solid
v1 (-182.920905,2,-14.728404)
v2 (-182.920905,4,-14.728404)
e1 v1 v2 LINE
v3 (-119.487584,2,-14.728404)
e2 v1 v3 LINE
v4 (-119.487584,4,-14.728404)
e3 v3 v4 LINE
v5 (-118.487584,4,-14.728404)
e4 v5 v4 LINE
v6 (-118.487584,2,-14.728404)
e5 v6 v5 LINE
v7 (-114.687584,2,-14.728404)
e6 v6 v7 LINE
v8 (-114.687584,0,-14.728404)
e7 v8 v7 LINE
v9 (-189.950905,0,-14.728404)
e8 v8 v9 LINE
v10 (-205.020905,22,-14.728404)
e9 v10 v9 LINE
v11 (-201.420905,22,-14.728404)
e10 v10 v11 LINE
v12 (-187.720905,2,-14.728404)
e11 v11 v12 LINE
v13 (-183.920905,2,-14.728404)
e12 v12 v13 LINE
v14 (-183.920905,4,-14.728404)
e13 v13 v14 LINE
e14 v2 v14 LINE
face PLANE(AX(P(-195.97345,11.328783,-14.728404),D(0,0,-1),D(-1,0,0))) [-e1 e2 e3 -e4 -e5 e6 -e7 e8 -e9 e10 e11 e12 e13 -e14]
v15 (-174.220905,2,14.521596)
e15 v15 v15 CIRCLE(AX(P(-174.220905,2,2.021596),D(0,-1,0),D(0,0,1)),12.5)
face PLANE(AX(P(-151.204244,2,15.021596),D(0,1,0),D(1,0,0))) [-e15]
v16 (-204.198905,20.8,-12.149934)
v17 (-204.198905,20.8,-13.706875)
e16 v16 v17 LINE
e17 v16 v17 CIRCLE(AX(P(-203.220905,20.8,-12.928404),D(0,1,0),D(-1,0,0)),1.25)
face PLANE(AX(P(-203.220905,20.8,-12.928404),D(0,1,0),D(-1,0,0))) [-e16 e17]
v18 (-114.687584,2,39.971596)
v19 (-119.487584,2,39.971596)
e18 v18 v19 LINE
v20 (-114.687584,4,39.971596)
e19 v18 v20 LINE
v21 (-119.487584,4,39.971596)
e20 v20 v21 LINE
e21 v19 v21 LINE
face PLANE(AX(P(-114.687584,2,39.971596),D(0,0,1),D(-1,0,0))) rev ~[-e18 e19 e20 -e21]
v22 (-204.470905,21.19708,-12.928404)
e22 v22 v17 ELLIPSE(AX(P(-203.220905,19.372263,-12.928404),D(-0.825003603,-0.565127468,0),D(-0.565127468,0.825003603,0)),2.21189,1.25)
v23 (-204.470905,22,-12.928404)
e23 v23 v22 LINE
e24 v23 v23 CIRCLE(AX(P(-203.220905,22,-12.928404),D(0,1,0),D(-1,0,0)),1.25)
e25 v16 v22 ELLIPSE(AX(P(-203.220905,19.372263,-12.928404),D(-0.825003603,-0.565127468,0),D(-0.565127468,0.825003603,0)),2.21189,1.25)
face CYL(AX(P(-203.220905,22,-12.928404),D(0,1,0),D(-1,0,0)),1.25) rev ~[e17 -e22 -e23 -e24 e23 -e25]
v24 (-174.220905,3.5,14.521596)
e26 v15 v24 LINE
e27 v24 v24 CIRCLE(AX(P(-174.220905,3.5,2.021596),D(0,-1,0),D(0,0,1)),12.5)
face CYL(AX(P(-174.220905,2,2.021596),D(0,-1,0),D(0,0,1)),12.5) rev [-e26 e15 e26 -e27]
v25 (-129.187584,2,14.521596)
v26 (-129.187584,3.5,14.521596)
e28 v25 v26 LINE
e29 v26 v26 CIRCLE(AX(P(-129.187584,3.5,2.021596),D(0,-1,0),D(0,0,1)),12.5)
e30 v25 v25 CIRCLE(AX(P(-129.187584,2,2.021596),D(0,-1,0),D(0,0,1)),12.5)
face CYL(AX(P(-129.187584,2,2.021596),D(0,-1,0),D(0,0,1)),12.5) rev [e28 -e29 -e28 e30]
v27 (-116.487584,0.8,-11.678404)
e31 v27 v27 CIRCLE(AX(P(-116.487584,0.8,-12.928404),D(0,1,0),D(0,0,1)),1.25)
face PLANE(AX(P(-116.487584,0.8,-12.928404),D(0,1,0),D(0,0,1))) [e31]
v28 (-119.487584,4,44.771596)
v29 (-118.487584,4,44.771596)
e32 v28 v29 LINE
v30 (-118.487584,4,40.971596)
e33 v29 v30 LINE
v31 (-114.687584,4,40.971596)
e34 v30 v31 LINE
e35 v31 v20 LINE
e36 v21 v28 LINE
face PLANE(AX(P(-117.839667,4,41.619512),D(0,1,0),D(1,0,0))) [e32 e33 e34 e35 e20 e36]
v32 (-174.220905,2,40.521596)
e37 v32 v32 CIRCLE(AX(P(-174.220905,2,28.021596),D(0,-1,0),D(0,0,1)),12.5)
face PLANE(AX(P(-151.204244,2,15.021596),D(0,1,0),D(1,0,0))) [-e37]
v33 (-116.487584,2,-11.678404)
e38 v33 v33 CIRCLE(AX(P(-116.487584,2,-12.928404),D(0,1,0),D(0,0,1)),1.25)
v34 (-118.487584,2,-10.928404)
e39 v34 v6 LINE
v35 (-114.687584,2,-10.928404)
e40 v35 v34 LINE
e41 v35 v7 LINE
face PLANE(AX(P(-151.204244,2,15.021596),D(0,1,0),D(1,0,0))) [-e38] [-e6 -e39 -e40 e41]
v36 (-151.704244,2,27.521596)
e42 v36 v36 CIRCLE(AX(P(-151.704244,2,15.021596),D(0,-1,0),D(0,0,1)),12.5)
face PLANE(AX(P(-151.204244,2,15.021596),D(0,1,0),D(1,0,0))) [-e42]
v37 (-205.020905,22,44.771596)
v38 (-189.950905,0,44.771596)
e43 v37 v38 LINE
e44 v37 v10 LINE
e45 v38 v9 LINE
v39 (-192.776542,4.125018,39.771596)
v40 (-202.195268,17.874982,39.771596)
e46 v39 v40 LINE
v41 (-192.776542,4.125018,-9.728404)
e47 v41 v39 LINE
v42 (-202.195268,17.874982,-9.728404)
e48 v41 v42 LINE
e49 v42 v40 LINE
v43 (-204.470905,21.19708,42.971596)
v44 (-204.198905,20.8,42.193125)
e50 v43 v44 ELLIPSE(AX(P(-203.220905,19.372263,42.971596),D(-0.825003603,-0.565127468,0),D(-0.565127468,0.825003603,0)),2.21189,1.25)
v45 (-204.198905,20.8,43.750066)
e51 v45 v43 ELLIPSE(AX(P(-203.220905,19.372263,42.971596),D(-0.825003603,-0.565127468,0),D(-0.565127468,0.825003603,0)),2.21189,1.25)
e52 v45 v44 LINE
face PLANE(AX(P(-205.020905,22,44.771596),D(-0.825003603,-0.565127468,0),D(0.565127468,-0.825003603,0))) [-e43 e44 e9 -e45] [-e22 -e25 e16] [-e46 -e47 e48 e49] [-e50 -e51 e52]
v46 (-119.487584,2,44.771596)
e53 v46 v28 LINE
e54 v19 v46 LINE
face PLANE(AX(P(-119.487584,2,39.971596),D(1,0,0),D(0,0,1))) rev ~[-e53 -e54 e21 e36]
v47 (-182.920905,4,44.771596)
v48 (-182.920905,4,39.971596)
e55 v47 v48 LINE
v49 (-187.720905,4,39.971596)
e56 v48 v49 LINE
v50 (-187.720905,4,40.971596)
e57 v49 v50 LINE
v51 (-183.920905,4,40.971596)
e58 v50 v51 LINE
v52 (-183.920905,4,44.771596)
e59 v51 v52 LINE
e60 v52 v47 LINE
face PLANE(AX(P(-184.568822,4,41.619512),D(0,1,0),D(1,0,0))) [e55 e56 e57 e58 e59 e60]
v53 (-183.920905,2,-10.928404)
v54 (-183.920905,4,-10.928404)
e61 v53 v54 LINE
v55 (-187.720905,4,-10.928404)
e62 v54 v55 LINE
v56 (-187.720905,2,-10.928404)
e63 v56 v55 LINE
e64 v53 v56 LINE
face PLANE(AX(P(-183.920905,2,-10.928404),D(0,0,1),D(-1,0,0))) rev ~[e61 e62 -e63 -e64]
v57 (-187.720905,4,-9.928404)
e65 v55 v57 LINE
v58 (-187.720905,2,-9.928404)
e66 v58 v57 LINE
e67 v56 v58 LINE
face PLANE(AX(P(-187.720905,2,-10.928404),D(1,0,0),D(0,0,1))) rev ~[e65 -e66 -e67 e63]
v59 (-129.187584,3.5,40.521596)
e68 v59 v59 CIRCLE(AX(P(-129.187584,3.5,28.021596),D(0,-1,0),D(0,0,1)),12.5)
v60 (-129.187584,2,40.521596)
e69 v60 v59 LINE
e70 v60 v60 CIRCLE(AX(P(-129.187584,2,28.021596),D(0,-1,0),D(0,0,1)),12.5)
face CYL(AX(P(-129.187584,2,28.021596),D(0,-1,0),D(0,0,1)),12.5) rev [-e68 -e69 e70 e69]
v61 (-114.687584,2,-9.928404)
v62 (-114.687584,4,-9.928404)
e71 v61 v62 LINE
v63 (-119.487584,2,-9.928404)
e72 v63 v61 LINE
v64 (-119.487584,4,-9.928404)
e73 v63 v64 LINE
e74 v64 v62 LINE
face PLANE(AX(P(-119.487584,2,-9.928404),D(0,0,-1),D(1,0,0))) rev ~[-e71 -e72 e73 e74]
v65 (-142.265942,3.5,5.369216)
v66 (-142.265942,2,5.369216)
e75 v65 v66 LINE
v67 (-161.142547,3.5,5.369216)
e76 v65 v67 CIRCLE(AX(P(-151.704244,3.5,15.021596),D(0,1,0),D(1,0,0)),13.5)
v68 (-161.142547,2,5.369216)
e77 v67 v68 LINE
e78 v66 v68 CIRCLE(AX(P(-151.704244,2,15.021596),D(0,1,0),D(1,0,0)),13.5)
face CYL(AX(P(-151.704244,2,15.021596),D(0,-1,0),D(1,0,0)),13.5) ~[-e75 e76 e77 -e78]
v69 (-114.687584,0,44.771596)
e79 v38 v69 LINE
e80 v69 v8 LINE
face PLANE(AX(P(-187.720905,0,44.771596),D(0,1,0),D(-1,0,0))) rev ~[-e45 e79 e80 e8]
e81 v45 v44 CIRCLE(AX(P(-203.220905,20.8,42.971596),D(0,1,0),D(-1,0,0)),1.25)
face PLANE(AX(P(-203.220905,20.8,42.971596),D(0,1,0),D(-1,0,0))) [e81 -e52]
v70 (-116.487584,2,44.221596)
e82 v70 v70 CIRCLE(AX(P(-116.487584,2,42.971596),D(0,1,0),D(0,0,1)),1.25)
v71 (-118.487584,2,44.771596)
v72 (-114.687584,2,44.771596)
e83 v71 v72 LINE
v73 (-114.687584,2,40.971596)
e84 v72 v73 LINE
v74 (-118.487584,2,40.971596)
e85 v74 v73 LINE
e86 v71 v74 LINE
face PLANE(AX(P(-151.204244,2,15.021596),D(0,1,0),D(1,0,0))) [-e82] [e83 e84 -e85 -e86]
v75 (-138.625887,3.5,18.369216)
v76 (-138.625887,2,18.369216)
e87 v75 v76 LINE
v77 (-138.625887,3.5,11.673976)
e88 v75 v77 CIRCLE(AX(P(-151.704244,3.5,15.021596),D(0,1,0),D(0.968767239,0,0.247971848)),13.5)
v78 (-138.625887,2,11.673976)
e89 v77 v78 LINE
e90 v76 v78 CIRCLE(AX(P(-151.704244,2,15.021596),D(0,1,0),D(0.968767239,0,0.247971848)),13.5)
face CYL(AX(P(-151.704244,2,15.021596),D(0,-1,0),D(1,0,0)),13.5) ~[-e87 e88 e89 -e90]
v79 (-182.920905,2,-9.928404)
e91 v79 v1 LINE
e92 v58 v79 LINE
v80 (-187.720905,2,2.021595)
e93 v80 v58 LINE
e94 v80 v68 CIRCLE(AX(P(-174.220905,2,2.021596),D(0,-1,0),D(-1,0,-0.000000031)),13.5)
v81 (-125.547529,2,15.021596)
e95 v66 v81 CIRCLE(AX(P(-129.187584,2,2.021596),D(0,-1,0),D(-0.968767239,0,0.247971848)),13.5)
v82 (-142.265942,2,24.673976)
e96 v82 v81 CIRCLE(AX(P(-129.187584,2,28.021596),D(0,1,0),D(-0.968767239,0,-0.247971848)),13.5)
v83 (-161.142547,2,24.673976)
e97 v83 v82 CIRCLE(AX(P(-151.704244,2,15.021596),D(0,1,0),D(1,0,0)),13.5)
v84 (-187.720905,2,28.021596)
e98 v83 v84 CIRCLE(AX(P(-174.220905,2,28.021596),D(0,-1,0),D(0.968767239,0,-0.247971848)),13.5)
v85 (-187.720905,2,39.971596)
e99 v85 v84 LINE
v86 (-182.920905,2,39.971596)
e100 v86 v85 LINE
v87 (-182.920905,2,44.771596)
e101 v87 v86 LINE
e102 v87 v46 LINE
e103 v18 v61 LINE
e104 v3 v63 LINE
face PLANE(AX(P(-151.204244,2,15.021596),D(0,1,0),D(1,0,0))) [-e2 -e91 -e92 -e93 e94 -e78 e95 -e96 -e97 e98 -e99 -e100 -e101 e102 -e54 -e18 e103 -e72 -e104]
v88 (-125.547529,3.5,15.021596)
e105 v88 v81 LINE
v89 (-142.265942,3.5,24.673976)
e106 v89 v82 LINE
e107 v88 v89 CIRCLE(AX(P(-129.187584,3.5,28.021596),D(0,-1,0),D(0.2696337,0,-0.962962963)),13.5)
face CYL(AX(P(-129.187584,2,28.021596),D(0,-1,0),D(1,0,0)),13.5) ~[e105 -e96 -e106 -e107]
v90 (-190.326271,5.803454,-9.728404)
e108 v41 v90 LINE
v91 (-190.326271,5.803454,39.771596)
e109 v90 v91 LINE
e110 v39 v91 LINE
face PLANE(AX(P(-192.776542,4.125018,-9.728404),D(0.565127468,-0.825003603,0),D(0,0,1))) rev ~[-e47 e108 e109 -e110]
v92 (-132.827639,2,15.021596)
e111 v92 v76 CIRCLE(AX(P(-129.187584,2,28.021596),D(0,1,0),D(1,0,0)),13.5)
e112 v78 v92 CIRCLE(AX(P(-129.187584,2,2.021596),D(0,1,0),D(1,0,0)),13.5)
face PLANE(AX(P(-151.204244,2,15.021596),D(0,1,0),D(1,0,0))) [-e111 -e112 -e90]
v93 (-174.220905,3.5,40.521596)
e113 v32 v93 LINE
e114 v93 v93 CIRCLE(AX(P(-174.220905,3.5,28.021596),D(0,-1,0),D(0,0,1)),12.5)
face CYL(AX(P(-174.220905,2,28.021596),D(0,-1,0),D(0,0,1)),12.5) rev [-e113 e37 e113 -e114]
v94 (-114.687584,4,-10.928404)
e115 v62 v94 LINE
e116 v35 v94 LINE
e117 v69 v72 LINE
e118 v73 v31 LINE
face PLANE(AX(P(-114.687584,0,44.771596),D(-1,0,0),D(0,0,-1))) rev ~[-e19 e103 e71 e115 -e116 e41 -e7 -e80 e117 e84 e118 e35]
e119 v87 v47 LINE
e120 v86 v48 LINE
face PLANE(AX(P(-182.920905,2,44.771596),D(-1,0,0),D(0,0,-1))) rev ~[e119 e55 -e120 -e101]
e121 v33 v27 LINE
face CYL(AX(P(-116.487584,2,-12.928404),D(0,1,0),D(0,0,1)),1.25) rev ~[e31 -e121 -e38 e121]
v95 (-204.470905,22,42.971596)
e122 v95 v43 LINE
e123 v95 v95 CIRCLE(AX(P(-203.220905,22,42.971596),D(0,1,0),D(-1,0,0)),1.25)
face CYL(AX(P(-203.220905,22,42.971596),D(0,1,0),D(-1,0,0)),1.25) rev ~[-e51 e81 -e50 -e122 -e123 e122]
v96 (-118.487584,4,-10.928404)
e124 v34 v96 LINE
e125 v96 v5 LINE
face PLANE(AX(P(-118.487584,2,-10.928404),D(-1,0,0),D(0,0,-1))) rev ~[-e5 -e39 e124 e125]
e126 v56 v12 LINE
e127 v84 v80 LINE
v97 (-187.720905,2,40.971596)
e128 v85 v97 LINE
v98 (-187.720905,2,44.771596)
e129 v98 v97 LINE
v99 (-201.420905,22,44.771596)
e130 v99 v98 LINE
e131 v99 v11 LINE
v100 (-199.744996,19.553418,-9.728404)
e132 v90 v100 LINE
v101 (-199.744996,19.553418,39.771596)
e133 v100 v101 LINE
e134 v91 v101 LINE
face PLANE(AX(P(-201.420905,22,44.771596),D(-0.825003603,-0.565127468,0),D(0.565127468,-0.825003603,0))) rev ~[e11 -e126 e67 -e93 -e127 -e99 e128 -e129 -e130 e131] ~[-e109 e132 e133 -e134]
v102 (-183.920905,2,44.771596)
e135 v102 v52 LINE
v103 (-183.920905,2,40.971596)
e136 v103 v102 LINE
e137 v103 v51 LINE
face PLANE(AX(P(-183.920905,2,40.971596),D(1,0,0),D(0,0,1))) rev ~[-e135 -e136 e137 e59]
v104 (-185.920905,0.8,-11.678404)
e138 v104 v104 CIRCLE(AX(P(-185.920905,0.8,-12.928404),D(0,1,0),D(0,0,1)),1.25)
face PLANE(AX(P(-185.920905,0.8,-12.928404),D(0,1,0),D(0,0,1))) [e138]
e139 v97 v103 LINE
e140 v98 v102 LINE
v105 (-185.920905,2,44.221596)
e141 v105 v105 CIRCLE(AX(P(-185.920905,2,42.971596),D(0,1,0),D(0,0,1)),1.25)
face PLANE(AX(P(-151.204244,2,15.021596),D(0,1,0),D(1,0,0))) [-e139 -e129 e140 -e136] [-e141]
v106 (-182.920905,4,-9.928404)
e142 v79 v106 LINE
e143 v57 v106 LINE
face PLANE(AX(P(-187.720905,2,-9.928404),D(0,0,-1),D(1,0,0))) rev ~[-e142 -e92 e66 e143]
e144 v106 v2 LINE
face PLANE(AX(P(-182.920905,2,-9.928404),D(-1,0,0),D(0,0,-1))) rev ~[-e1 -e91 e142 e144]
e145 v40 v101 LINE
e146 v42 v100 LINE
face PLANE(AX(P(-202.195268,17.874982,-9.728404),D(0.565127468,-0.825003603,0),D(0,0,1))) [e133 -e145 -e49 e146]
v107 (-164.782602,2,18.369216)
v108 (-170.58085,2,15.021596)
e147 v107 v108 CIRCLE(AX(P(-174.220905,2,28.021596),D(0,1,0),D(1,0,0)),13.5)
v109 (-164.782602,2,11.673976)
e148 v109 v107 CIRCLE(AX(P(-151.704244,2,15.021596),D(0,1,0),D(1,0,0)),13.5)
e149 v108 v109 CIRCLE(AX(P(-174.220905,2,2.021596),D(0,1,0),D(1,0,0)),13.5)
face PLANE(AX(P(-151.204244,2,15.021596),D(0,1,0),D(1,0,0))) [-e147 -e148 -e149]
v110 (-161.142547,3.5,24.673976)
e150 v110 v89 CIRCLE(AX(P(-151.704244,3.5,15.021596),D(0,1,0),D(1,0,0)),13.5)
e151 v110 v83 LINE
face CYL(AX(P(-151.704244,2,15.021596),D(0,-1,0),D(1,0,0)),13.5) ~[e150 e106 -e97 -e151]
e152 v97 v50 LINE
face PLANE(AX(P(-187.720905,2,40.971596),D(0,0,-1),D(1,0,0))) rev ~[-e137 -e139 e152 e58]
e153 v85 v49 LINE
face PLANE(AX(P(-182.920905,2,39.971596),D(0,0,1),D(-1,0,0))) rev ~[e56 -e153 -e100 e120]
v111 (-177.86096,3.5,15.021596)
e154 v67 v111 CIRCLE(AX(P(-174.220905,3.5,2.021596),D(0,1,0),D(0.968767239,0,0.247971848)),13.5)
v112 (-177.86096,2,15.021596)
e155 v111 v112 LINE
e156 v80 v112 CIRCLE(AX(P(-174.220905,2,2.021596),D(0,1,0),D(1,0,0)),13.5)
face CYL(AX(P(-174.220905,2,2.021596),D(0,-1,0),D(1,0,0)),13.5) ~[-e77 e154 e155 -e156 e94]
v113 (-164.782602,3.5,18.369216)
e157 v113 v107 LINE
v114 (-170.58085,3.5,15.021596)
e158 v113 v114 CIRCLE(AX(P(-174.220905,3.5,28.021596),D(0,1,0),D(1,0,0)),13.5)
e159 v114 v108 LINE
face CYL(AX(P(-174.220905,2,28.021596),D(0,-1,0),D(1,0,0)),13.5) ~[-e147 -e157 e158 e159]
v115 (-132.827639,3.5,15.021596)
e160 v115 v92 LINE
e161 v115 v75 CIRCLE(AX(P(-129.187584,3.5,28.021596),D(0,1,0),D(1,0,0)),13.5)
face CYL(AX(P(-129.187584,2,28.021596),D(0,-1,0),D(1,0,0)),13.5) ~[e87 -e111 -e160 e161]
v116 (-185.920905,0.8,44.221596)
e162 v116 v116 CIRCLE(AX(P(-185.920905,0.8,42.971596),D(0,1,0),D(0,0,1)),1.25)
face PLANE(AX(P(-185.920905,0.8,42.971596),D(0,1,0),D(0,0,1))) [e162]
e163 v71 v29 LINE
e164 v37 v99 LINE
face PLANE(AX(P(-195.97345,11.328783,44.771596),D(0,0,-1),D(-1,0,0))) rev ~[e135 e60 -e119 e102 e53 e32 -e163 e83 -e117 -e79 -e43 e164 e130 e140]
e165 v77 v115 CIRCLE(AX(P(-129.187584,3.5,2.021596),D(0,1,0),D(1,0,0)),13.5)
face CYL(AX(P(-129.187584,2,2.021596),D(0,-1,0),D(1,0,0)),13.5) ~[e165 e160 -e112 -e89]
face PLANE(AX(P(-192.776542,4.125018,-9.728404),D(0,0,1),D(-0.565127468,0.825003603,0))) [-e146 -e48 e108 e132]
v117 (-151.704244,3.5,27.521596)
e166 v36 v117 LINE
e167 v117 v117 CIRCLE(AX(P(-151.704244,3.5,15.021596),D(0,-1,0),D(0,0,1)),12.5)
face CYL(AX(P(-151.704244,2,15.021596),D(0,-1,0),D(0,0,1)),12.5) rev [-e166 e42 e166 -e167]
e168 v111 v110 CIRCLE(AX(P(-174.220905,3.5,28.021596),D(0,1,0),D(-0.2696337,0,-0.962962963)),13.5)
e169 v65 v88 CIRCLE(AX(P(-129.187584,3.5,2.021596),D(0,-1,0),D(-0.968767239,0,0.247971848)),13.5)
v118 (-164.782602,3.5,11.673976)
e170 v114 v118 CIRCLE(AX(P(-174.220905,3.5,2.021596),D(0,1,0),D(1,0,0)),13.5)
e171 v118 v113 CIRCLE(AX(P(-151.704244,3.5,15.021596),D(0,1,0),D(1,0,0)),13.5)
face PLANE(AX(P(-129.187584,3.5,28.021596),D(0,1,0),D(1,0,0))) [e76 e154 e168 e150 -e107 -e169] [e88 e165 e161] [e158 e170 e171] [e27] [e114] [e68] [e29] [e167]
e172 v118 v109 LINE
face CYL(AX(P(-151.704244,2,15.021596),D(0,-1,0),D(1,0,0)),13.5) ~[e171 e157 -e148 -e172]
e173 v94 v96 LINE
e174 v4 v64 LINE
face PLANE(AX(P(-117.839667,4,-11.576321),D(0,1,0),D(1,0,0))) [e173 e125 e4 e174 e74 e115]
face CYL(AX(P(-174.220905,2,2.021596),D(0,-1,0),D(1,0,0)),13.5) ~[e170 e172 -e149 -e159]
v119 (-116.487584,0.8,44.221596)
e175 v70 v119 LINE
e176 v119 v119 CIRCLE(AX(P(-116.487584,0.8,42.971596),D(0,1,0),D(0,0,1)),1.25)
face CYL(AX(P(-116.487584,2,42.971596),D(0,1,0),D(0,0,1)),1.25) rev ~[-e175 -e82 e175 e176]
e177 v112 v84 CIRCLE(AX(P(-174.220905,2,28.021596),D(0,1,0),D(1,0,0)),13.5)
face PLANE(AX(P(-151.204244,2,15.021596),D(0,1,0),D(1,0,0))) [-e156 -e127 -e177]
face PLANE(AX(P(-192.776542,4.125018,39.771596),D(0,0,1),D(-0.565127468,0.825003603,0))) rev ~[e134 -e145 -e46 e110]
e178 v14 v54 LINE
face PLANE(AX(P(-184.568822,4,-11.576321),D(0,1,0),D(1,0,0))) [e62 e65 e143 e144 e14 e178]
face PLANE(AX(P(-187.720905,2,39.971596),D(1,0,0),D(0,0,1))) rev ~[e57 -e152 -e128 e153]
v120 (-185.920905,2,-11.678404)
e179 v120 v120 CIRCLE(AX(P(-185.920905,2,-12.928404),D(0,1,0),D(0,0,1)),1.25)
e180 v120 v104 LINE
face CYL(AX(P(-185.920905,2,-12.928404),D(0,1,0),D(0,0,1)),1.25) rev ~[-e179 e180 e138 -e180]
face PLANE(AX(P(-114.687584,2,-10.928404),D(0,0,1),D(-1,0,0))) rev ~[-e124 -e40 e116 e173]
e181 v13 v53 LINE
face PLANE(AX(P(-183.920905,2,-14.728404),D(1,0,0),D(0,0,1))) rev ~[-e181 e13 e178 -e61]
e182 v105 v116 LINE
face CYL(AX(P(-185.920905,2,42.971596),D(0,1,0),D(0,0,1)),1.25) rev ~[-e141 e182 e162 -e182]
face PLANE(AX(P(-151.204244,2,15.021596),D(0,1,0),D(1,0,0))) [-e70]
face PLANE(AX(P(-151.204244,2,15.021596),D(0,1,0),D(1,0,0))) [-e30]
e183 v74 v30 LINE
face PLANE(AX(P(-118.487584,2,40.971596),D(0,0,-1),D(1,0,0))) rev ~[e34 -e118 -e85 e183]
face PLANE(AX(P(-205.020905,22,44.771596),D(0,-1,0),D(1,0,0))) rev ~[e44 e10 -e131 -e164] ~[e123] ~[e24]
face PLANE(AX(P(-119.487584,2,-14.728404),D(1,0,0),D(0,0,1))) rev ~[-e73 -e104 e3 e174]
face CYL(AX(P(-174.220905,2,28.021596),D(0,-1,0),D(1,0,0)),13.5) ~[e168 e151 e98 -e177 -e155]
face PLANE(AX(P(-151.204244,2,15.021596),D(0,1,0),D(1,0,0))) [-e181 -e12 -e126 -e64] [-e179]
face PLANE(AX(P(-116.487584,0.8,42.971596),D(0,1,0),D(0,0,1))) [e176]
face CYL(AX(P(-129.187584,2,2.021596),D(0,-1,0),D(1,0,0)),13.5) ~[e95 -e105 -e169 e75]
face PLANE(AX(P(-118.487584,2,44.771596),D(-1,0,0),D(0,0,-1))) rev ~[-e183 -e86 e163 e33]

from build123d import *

# Parameters (mm, degrees)
SKETCH1_W           = 73.033321
SKETCH1_H           = 59.5
BOSS_EXTRUDE1_DEPTH = 2
SKETCH2_R           = 13.5
SKETCH2_R_2         = 12.5
BOSS_EXTRUDE2_DEPTH = 1.5
SKETCH3_R           = 1.25
CUT_EXTRUDE1_DEPTH  = 1.2
BOSS_EXTRUDE3_DEPTH = 59.5
SKETCH5_R           = 1.25
CUT_EXTRUDE2_DEPTH  = 1.2
SKETCH7_W           = 49.5
SKETCH7_H           = 16.666550208
CUT_EXTRUDE4_DEPTH  = 3.6
BOSS_EXTRUDE4_DEPTH = 2


with BuildPart() as part:
    # Sketch1 → Boss-Extrude1 (new body)
    with BuildSketch(Plane(origin=(0, 0, 0), x_dir=(1, 0, 0), z_dir=(0, 1, 0))):
        with Locations((-151.204244356, -15.021595707)):
            Rectangle(SKETCH1_W, SKETCH1_H)
    extrude(amount=BOSS_EXTRUDE1_DEPTH)

    # Sketch2 → Boss-Extrude2 (add)
    # profile 1 of 5: a face of its own
    with BuildSketch(Plane(origin=(0, 2, 0), x_dir=(1, 0, 0), z_dir=(0, 1, 0))):
        with Locations((-129.187583856, -28.021595707)):
            Circle(SKETCH2_R)
        with Locations(Location((-129.187583856, -28.021595707, 0), (0, 0, 270))):
            Circle(SKETCH2_R_2, mode=Mode.SUBTRACT)
    # profile 2 of 5: a face of its own
    with BuildSketch(Plane(origin=(0, 2, 0), x_dir=(1, 0, 0), z_dir=(0, 1, 0))):
        with Locations((-129.187583856, -2.021595707)):
            Circle(SKETCH2_R)
        with Locations(Location((-129.187583856, -2.021595707, 0), (0, 0, 270))):
            Circle(SKETCH2_R_2, mode=Mode.SUBTRACT)
    # profile 3 of 5: a face of its own
    with BuildSketch(Plane(origin=(0, 2, 0), x_dir=(1, 0, 0), z_dir=(0, 1, 0))):
        with Locations((-151.704244355, -15.021595707)):
            Circle(SKETCH2_R)
        with Locations(Location((-151.704244355, -15.021595707, 0), (0, 0, 270))):
            Circle(SKETCH2_R_2, mode=Mode.SUBTRACT)
    # profile 4 of 5: a face of its own
    with BuildSketch(Plane(origin=(0, 2, 0), x_dir=(1, 0, 0), z_dir=(0, 1, 0))):
        with Locations((-174.220904853, -2.021595707)):
            Circle(SKETCH2_R)
        with Locations(Location((-174.220904853, -2.021595707, 0), (0, 0, 270))):
            Circle(SKETCH2_R_2, mode=Mode.SUBTRACT)
    # profile 5 of 5: a face of its own
    with BuildSketch(Plane(origin=(0, 2, 0), x_dir=(1, 0, 0), z_dir=(0, 1, 0))):
        with Locations((-174.220904853, -28.021595707)):
            Circle(SKETCH2_R)
        with Locations(Location((-174.220904853, -28.021595707, 0), (0, 0, 270))):
            Circle(SKETCH2_R_2, mode=Mode.SUBTRACT)
    extrude(amount=BOSS_EXTRUDE2_DEPTH)

    # Sketch3 → Cut-Extrude1 (cut)
    with BuildSketch(Plane(origin=(0, 2, 0), x_dir=(1, 0, 0), z_dir=(0, 1, 0))):
        with Locations(Location((-185.920904856, 12.928404293, 0), (0, 0, 270))):
            Circle(SKETCH3_R)
        with Locations(Location((-185.920904856, -42.971595707, 0), (0, 0, 270))):
            Circle(SKETCH3_R)
        with Locations(Location((-116.487583856, -42.971595707, 0), (0, 0, 270))):
            Circle(SKETCH3_R)
        with Locations(Location((-116.487583856, 12.928404293, 0), (0, 0, 270))):
            Circle(SKETCH3_R)
    extrude(amount=-CUT_EXTRUDE1_DEPTH, mode=Mode.SUBTRACT)

    # Sketch4 → Boss-Extrude3 (add)
    with BuildSketch(Plane.XY.offset(44.771595707)):
        Polygon((-201.420904856, 22), (-187.720904856, 2), (-187.720904856, 0), (-189.950904856, 0), (-191.320904856, 2), (-205.020904856, 22), align=None)
    extrude(amount=-BOSS_EXTRUDE3_DEPTH)

    # Sketch5 → Cut-Extrude2 (cut)
    with BuildSketch(Plane(origin=(0, 22, 0), x_dir=(1, 0, 0), z_dir=(0, 1, 0))):
        with Locations(Location((-203.220904856, 12.928404293, 0), (0, 0, 180))):
            Circle(SKETCH5_R)
        with Locations(Location((-203.220904856, -42.971595707, 0), (0, 0, 180))):
            Circle(SKETCH5_R)
    extrude(amount=-CUT_EXTRUDE2_DEPTH, mode=Mode.SUBTRACT)

    # Sketch7 → Cut-Extrude4 (cut)
    with BuildSketch(Plane(origin=(-129.286463854, -88.56122774, 0), x_dir=(0, 0, 1), z_dir=(-0.8250036029532889, -0.5651274680230048, 0))):
        with Locations((15.021595707, 120.679749014)):
            Rectangle(SKETCH7_W, SKETCH7_H)
    extrude(amount=-CUT_EXTRUDE4_DEPTH, mode=Mode.SUBTRACT)

    # Sketch8 → Boss-Extrude4 (add)
    with BuildSketch(Plane(origin=(0, 2, 0), x_dir=(1, 0, 0), z_dir=(0, 1, 0))):
        Polygon((-182.920904856, 9.928404293), (-182.920904856, 14.728404293), (-183.920904856, 14.728404293), (-183.920904856, 10.928404293), (-187.720904856, 10.928404293), (-187.720904856, 9.928404293), align=None)
        Polygon((-183.920904856, -40.971595707), (-183.920904856, -44.771595707), (-182.920904856, -44.771595707), (-182.920904856, -39.971595707), (-187.720904856, -39.971595707), (-187.720904856, -40.971595707), align=None)
        Polygon((-119.487583856, -39.971595707), (-119.487583856, -44.771595707), (-118.487583856, -44.771595707), (-118.487583856, -40.971595707), (-114.687583856, -40.971595707), (-114.687583856, -39.971595707), align=None)
        Polygon((-119.487583856, 9.928404293), (-114.687583856, 9.928404293), (-114.687583856, 10.928404293), (-118.487583856, 10.928404293), (-118.487583856, 14.728404293), (-119.487583856, 14.728404293), align=None)
    extrude(amount=BOSS_EXTRUDE4_DEPTH)


solid = part.part
